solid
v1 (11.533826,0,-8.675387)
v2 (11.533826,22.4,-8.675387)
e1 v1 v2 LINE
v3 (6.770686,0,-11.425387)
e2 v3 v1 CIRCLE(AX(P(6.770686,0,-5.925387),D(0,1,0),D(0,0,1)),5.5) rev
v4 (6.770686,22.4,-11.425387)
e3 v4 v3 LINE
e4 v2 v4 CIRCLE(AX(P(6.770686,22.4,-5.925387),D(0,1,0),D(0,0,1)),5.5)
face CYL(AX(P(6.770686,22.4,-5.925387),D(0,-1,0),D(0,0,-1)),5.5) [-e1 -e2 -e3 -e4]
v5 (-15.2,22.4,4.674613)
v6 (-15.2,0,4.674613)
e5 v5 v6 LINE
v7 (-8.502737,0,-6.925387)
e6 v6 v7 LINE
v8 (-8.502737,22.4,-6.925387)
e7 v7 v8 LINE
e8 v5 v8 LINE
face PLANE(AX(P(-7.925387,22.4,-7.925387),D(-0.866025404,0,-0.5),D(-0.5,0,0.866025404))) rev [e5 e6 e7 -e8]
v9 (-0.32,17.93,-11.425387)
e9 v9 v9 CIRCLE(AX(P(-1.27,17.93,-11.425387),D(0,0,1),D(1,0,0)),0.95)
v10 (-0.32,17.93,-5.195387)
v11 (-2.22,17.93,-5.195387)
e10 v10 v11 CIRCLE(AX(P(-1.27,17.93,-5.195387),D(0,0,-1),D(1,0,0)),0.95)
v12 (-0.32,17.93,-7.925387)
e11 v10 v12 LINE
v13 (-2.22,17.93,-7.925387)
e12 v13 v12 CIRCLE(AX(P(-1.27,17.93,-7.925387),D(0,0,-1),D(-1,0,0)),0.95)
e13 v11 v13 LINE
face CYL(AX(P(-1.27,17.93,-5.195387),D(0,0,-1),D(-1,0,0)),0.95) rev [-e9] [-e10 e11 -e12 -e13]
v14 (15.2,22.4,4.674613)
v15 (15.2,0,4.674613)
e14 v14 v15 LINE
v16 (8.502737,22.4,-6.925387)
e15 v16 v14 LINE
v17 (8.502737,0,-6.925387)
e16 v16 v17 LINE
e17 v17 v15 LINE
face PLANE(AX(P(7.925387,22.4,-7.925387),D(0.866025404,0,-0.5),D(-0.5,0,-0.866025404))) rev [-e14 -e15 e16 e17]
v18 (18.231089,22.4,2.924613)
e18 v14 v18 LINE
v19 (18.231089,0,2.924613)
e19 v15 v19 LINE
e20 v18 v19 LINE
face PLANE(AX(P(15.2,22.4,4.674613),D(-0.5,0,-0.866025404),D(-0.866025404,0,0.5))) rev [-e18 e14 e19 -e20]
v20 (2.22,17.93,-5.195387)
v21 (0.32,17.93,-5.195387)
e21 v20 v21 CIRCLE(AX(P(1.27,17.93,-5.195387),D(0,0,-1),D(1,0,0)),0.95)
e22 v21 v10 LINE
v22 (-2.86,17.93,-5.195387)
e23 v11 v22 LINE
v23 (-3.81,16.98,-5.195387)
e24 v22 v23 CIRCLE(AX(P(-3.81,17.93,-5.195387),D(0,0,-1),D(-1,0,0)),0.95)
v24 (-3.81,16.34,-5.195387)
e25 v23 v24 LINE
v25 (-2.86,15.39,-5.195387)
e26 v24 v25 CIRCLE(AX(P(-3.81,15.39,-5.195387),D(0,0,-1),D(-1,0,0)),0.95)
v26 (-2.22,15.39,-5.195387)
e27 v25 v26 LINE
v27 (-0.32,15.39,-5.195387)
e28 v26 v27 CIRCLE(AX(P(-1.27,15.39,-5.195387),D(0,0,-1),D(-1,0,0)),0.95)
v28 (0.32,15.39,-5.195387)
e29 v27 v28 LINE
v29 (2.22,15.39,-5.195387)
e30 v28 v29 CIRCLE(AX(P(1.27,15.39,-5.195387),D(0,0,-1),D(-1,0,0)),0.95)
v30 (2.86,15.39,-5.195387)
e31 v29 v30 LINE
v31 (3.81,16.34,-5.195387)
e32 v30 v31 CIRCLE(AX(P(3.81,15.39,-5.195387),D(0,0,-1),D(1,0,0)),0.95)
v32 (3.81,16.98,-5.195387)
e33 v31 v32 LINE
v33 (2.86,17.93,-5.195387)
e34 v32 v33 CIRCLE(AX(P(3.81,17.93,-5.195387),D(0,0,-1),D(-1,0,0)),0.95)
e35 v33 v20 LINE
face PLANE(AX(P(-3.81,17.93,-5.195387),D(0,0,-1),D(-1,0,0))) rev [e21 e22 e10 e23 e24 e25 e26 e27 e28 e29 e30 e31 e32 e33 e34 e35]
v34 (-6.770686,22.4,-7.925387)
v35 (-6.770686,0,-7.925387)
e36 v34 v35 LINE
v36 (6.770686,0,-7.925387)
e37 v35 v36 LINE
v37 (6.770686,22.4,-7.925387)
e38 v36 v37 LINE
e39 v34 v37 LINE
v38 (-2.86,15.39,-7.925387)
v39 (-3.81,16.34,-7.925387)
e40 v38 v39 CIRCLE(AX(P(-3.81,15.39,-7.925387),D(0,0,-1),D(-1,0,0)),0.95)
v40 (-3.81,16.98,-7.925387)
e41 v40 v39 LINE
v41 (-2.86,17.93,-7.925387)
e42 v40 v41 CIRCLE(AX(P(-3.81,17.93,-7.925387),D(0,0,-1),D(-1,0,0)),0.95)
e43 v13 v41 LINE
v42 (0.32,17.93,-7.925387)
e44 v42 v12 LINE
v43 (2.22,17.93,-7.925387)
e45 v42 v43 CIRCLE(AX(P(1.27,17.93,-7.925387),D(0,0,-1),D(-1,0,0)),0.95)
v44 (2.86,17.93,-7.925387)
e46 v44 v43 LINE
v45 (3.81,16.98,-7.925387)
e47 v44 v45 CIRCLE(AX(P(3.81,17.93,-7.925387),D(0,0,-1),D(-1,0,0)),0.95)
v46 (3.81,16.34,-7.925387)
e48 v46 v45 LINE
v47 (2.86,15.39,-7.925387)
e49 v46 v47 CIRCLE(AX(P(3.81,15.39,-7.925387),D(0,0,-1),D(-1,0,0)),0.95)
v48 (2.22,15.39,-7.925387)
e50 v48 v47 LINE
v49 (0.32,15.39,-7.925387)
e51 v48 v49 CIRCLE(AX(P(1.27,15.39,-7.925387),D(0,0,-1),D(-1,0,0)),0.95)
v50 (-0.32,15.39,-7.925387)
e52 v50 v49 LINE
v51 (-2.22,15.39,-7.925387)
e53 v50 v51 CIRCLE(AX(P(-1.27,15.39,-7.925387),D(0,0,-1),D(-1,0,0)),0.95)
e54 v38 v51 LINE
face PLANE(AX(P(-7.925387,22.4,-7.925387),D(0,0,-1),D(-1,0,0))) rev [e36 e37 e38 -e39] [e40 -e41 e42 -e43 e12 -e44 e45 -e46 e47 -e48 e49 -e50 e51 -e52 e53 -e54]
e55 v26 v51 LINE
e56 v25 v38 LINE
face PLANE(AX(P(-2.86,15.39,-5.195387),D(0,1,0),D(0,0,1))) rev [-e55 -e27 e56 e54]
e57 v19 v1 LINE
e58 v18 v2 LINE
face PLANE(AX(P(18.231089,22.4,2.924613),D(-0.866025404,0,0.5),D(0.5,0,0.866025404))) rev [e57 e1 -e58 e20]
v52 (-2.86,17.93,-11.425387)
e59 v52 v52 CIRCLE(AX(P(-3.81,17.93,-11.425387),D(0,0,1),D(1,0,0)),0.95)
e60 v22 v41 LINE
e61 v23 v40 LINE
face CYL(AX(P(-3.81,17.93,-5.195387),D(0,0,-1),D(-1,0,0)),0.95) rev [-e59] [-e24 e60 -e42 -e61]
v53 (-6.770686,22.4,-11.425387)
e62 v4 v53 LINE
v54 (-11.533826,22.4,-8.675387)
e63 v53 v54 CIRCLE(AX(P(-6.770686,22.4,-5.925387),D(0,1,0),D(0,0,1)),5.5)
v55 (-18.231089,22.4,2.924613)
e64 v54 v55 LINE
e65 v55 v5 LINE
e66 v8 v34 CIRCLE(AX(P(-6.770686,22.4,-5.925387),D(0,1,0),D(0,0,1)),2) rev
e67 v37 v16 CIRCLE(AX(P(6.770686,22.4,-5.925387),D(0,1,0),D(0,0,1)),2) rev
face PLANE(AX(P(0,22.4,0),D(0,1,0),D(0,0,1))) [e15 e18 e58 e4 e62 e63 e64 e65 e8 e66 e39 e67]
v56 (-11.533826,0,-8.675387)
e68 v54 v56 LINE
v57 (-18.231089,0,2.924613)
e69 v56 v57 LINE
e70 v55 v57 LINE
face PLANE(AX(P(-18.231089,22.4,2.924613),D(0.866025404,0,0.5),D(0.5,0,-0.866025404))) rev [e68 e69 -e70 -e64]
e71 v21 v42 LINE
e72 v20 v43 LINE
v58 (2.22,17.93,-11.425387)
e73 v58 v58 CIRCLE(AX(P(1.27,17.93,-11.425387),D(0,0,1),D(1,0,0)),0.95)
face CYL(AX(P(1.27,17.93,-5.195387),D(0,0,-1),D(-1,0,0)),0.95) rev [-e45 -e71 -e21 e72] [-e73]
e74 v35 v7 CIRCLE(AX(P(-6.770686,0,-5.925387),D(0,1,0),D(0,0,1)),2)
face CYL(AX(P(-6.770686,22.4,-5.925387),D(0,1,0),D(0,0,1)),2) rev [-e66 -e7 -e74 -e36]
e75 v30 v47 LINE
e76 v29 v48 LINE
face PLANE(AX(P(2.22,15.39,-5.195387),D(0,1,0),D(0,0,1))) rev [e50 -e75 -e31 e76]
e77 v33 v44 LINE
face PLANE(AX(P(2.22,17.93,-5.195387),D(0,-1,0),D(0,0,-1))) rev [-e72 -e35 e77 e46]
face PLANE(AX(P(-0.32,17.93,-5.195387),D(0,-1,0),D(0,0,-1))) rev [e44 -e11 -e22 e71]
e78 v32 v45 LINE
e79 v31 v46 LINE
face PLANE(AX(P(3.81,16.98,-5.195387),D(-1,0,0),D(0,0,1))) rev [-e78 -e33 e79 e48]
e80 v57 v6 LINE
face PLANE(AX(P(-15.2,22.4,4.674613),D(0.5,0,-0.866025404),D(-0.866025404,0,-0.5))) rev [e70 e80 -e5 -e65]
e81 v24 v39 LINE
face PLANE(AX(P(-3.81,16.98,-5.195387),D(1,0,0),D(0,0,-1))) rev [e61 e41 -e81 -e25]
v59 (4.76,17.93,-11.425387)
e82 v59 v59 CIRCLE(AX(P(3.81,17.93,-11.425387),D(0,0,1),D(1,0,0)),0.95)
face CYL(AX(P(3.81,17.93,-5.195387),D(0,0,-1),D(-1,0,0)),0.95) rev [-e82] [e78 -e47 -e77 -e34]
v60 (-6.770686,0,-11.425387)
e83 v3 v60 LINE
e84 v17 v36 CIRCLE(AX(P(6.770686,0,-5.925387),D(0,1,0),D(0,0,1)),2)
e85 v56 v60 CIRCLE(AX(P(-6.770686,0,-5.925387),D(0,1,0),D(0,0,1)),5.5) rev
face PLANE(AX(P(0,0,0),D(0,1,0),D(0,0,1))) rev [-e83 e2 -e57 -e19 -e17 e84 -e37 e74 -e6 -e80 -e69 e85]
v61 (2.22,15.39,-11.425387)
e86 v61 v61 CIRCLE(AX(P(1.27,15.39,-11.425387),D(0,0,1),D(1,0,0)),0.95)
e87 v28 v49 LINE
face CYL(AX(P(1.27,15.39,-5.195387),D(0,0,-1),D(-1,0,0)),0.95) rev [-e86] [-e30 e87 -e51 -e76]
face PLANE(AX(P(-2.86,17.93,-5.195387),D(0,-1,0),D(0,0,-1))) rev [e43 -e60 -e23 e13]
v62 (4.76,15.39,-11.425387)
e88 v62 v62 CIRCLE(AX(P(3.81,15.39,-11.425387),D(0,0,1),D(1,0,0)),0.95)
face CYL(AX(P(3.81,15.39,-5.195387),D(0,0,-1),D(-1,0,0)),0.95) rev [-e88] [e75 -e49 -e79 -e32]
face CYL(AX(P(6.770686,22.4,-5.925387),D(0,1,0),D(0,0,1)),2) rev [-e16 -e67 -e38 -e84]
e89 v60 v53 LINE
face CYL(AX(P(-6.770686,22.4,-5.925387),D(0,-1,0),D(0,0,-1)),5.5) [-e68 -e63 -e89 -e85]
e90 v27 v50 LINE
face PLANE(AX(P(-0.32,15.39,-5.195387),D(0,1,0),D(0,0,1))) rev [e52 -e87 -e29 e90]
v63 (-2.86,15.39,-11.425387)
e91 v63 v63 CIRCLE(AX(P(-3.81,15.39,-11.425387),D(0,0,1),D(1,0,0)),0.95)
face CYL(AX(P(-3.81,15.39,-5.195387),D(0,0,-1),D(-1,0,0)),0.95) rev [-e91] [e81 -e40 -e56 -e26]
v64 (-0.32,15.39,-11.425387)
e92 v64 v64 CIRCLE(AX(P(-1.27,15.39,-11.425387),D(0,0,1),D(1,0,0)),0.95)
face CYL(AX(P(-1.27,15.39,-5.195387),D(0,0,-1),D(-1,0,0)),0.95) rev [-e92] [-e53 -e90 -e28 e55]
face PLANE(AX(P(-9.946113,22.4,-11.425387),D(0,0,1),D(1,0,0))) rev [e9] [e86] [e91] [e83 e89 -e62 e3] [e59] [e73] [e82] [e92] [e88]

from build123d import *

# Parameters (mm, degrees)
BOSS_EXTRUDE1_DEPTH     = 22.4
FILLET1_R               = 2
FILLET2_R               = 5.5
BOSS_EXTRUDE2_DEPTH     = 2.73
CUT_EXTRUDE2_DEPTH      = 32.510198396
CUT_EXTRUDE2_DEPTH_BACK = 32.510198396
SKETCH3_R               = 0.95


with BuildPart() as part:
    # Sketch1 → Boss-Extrude1 (new body)
    with BuildSketch(Plane(origin=(0, 0, 0), x_dir=(1, 0, 0), z_dir=(0, 1, 0))):
        Polygon((-7.925386608, 7.925386608), (-15.2, -4.674613392), (-18.231088913, -2.924613392), (-9.94611255, 11.425386608), (9.94611255, 11.425386608), (18.231088913, -2.924613392), (15.2, -4.674613392), (7.925386608, 7.925386608), align=None)
    extrude(amount=BOSS_EXTRUDE1_DEPTH)

    # Fillet1
    fillet1_edges = [part.edges().sort_by_distance(p)[0] for p in [
        (7.925386608, 11.2, -7.925386608),
        (-7.925386608, 11.2, -7.925386608),
    ]]
    fillet(fillet1_edges, radius=FILLET1_R)

    # Fillet2
    fillet2_edges = [part.edges().sort_by_distance(p)[0] for p in [
        (-9.94611255, 11.2, -11.425386608),
        (9.94611255, 11.2, -11.425386608),
    ]]
    fillet(fillet2_edges, radius=FILLET2_R)

    # Sketch2 → Boss-Extrude2 (add)
    with BuildSketch(Plane.XY.offset(-7.925386608)):
        with BuildLine():
            Line((-0.32, 17.93), (0.32, 17.93))
            ThreePointArc((0.32, 17.93), (1.27, 16.98), (2.22, 17.93))
            Line((2.22, 17.93), (2.86, 17.93))
            ThreePointArc((2.86, 17.93), (3.138248558, 17.258248558), (3.81, 16.98))
            Line((3.81, 16.98), (3.81, 16.34))
            ThreePointArc((3.81, 16.34), (3.138248558, 16.061751442), (2.86, 15.39))
            Line((2.86, 15.39), (2.22, 15.39))
            ThreePointArc((2.22, 15.39), (1.27, 16.34), (0.32, 15.39))
            Line((0.32, 15.39), (-0.32, 15.39))
            ThreePointArc((-0.32, 15.39), (-1.27, 16.34), (-2.22, 15.39))
            Line((-2.22, 15.39), (-2.86, 15.39))
            ThreePointArc((-2.86, 15.39), (-3.138248558, 16.061751442), (-3.81, 16.34))
            Line((-3.81, 16.34), (-3.81, 16.98))
            ThreePointArc((-3.81, 16.98), (-3.138248558, 17.258248558), (-2.86, 17.93))
            Line((-2.86, 17.93), (-2.22, 17.93))
            ThreePointArc((-2.22, 17.93), (-1.27, 16.98), (-0.32, 17.93))
        make_face()
    extrude(amount=BOSS_EXTRUDE2_DEPTH)

    # Sketch3 → Cut-Extrude2 (cut, two sides: drawn at the far end of the back side and taken through both)
    with BuildSketch(Plane.XY.offset(-7.925386608).offset(-CUT_EXTRUDE2_DEPTH_BACK)):
        with Locations((-3.81, 17.93)):
            Circle(SKETCH3_R)
        with Locations((-1.27, 17.93)):
            Circle(SKETCH3_R)
        with Locations((1.27, 17.93)):
            Circle(SKETCH3_R)
        with Locations(Location((3.81, 17.93, 0), (0, 0, 180))):
            Circle(SKETCH3_R)
        with Locations(Location((3.81, 15.39, 0), (0, 0, 180))):
            Circle(SKETCH3_R)
        with Locations((1.27, 15.39)):
            Circle(SKETCH3_R)
        with Locations((-1.27, 15.39)):
            Circle(SKETCH3_R)
        with Locations((-3.81, 15.39)):
            Circle(SKETCH3_R)
    extrude(amount=CUT_EXTRUDE2_DEPTH + CUT_EXTRUDE2_DEPTH_BACK, mode=Mode.SUBTRACT)


solid = part.part
